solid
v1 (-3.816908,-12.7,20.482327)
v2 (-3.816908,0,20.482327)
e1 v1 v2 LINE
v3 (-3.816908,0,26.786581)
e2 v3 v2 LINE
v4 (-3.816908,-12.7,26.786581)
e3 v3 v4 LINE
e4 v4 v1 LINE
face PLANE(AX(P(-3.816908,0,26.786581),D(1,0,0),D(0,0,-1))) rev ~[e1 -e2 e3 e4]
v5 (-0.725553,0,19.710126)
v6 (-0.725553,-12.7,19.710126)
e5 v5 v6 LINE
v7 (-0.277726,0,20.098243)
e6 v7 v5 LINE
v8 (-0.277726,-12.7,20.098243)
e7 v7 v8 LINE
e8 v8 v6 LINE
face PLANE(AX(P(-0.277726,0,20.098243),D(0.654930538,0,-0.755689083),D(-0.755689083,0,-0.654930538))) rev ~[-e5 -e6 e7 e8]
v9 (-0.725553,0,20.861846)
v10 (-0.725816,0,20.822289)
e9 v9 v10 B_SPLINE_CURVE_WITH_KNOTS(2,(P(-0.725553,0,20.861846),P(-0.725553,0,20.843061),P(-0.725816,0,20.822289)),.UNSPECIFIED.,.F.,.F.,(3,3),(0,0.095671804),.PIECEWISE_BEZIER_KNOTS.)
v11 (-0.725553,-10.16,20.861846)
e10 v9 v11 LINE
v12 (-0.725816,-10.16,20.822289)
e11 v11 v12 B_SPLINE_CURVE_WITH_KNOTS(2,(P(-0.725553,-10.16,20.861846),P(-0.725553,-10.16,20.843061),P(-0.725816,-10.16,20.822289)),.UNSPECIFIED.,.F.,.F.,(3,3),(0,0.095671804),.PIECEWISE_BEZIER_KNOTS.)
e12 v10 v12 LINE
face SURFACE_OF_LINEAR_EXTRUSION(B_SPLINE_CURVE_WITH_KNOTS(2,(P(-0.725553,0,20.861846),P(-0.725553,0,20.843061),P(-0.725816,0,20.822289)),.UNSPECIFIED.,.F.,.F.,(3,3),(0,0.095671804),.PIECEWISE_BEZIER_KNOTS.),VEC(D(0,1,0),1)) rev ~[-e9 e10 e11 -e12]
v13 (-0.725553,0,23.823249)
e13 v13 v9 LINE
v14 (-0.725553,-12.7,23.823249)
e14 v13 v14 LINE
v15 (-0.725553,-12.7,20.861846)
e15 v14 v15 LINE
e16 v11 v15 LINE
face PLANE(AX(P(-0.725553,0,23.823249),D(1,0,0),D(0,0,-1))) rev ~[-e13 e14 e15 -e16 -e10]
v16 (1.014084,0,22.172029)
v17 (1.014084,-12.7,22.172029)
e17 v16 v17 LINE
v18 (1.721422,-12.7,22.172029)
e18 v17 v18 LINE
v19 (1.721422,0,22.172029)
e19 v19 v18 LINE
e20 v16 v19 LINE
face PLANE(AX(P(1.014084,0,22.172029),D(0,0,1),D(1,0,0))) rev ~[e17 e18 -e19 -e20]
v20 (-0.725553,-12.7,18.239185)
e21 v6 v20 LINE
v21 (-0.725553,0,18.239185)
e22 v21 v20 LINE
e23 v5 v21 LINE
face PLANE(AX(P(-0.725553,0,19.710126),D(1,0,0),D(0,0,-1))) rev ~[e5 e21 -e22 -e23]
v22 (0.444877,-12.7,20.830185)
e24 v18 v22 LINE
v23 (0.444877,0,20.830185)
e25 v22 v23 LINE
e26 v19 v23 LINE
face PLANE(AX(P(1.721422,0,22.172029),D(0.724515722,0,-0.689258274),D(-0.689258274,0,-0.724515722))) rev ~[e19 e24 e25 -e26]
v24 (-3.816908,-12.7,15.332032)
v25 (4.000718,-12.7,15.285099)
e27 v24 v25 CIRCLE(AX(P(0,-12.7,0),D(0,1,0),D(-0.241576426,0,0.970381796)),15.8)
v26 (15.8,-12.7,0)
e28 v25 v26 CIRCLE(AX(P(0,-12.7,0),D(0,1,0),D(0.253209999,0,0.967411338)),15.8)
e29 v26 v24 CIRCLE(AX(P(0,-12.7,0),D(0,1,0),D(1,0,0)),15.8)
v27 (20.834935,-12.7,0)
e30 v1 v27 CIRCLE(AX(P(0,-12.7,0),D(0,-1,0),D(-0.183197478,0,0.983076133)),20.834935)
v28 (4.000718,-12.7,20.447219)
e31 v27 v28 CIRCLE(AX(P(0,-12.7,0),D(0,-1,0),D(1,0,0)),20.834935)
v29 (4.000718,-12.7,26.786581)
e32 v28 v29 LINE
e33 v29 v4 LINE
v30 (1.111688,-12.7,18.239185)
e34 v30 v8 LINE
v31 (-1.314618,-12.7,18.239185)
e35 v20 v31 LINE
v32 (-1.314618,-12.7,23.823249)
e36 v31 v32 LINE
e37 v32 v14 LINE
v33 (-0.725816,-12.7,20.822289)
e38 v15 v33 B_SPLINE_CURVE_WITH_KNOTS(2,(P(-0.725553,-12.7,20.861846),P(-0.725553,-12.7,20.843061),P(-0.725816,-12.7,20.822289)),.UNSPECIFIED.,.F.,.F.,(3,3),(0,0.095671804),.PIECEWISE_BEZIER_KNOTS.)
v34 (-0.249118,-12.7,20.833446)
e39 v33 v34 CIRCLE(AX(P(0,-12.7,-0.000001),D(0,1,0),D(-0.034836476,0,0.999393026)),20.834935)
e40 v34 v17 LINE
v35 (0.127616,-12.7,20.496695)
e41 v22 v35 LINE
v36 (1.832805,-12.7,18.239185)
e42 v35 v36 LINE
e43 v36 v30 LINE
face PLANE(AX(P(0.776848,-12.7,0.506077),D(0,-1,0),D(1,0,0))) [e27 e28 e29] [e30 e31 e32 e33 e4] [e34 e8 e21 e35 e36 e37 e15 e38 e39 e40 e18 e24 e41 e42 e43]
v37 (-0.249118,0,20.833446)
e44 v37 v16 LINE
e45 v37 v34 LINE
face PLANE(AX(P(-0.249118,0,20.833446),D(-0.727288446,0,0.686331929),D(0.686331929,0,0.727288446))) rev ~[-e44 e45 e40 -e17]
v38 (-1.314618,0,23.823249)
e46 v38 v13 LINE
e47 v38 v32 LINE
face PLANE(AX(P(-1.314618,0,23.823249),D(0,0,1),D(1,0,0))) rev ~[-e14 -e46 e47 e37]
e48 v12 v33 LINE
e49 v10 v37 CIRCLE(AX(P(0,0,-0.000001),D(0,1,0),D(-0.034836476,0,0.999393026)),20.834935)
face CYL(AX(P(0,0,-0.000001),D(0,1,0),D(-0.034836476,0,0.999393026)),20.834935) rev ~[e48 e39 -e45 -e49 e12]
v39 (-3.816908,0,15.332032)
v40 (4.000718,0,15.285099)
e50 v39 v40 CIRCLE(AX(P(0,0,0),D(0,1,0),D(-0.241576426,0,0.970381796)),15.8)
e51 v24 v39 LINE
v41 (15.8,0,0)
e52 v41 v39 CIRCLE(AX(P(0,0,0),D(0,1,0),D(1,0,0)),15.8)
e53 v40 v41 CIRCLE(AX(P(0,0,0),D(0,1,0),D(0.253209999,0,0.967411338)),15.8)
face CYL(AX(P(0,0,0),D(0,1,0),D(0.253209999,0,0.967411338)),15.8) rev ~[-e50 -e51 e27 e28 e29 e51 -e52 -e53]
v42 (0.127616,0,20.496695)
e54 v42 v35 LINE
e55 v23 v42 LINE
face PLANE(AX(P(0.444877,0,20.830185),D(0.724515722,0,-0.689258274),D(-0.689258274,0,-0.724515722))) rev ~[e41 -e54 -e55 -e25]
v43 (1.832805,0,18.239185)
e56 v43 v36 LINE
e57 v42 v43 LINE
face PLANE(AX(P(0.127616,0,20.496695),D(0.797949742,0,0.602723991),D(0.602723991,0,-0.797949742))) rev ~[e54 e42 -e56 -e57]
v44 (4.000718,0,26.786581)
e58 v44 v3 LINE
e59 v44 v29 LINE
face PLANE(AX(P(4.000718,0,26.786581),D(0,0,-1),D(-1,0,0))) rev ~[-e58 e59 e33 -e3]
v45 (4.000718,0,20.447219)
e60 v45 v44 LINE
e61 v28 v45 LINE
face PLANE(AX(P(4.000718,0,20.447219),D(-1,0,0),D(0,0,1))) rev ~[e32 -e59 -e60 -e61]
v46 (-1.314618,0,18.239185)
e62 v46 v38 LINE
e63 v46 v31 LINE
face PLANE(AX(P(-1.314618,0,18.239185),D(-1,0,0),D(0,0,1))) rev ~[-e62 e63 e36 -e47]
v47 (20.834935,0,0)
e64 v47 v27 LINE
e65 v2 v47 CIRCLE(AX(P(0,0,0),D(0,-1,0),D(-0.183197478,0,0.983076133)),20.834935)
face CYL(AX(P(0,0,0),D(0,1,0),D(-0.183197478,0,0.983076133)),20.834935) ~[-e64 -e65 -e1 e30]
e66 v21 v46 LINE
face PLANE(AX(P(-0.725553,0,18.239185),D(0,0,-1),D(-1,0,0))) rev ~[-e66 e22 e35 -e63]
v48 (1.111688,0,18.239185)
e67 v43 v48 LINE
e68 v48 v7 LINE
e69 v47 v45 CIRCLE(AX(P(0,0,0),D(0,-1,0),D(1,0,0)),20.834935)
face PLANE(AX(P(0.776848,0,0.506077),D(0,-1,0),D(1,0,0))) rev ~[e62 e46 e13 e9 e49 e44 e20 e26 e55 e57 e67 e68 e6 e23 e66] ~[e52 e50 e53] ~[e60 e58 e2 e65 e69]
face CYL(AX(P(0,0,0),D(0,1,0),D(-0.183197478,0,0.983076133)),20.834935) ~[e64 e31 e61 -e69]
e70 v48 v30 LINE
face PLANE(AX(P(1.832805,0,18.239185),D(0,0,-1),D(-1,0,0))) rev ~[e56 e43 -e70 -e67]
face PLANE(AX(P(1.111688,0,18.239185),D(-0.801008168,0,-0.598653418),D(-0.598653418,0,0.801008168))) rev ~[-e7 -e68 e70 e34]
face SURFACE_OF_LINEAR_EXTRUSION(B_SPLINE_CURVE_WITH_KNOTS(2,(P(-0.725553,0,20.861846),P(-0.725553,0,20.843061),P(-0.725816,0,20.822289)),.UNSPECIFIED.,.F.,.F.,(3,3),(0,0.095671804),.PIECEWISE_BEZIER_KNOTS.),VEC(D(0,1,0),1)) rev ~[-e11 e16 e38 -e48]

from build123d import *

# Parameters (mm, degrees)
F1_DEPTH = 10.16
F2_DEPTH = 12.7


with BuildPart() as f1:
    # F0 (on Front) → F1 (new body)
    with BuildSketch(Plane.XZ):
        with BuildLine():
            ThreePointArc((4.0007179822, 15.285099137), (12.5070249084, 9.654756752), (15.8, 0))
            ThreePointArc((15.8, 0), (-9.7296675451, -12.4488380768), (-3.8169075269, 15.332032381))
            Line((-3.8169075269, 15.332032381), (-3.8169075269, 20.4823272433))
            ThreePointArc((-3.8169075269, 20.4823272433), (-13.314831815, -16.0252852116), (20.834934902, 0))
            ThreePointArc((20.834934902, 0), (16.0849185744, 13.2427303388), (4.0007179822, 20.4472190774))
            Line((4.0007179822, 20.4472190774), (4.0007179822, 15.285099137))
        make_face()
        with BuildLine():
            ThreePointArc((-3.8169075269, 15.332032381), (0.0948538519, 15.7997152742), (4.0007179822, 15.285099137))
            Line((4.0007179822, 15.285099137), (4.0007179822, 20.4472190774))
            ThreePointArc((4.0007179822, 20.4472190774), (2.2310298491, 20.7151398302), (0.4448769206, 20.8301847543))
            Line((0.4448769206, 20.8301847543), (0.1276157176, 20.4966947721))
            Line((0.1276157176, 20.4966947721), (1.8328047784, 18.239185214))
            Line((1.8328047784, 18.239185214), (1.1116877884, 18.239185214))
            Line((1.1116877884, 18.239185214), (-0.2777255205, 20.0982431868))
            Line((-0.2777255205, 20.0982431868), (-0.7255529506, 19.7101260807))
            Line((-0.7255529506, 19.7101260807), (-0.7255529506, 18.239185214))
            Line((-0.7255529506, 18.239185214), (-1.3146182626, 18.239185214))
            Line((-1.3146182626, 18.239185214), (-1.3146182626, 20.7934194205))
            ThreePointArc((-1.3146182626, 20.7934194205), (-2.5704734618, 20.6757630707), (-3.8169075269, 20.4823272433))
            Line((-3.8169075269, 20.4823272433), (-3.8169075269, 15.332032381))
        make_face()
        with BuildLine():
            ThreePointArc((0.4448769206, 20.8301847543), (2.2310298491, 20.7151398302), (4.0007179822, 20.4472190774))
            Line((4.0007179822, 20.4472190774), (4.0007179822, 26.7865807325))
            Line((4.0007179822, 26.7865807325), (-3.8169075269, 26.7865807325))
            Line((-3.8169075269, 26.7865807325), (-3.8169075269, 20.4823272433))
            ThreePointArc((-3.8169075269, 20.4823272433), (-2.5704734618, 20.6757630707), (-1.3146182626, 20.7934194205))
            Line((-1.3146182626, 20.7934194205), (-1.3146182626, 23.8232487851))
            Line((-1.3146182626, 23.8232487851), (-0.7255529506, 23.8232487851))
            Line((-0.7255529506, 23.8232487851), (-0.7255529506, 20.861846369))
            add(Edge.make_bspline(
                [(-0.7255529506, 20.861846369), (-0.7255529506, 20.843060722), (-0.7258157075, 20.8222886334)],
                knots=[0, 0, 0, 0.0956718037, 0.0956718037, 0.0956718037], degree=2))
            ThreePointArc((-0.7258157075, 20.8222886334), (-0.4874986739, 20.8292308407), (-0.2491178041, 20.833445531))
            Line((-0.2491178041, 20.833445531), (1.0140843741, 22.172028671))
            Line((1.0140843741, 22.172028671), (1.7214220586, 22.172028671))
            Line((1.7214220586, 22.172028671), (0.4448769206, 20.8301847543))
        make_face()
    extrude(amount=F1_DEPTH)

    # F0 (on Front) → F2 (join)
    with BuildSketch(Plane.XZ):
        with BuildLine():
            ThreePointArc((4.0007179822, 15.285099137), (12.5070249084, 9.654756752), (15.8, 0))
            ThreePointArc((15.8, 0), (-9.7296675451, -12.4488380768), (-3.8169075269, 15.332032381))
            Line((-3.8169075269, 15.332032381), (-3.8169075269, 20.4823272433))
            ThreePointArc((-3.8169075269, 20.4823272433), (-13.314831815, -16.0252852116), (20.834934902, 0))
            ThreePointArc((20.834934902, 0), (16.0849185744, 13.2427303388), (4.0007179822, 20.4472190774))
            Line((4.0007179822, 20.4472190774), (4.0007179822, 15.285099137))
        make_face()
        with BuildLine():
            ThreePointArc((-3.8169075269, 15.332032381), (0.0948538519, 15.7997152742), (4.0007179822, 15.285099137))
            Line((4.0007179822, 15.285099137), (4.0007179822, 20.4472190774))
            ThreePointArc((4.0007179822, 20.4472190774), (2.2310298491, 20.7151398302), (0.4448769206, 20.8301847543))
            Line((0.4448769206, 20.8301847543), (0.1276157176, 20.4966947721))
            Line((0.1276157176, 20.4966947721), (1.8328047784, 18.239185214))
            Line((1.8328047784, 18.239185214), (1.1116877884, 18.239185214))
            Line((1.1116877884, 18.239185214), (-0.2777255205, 20.0982431868))
            Line((-0.2777255205, 20.0982431868), (-0.7255529506, 19.7101260807))
            Line((-0.7255529506, 19.7101260807), (-0.7255529506, 18.239185214))
            Line((-0.7255529506, 18.239185214), (-1.3146182626, 18.239185214))
            Line((-1.3146182626, 18.239185214), (-1.3146182626, 20.7934194205))
            ThreePointArc((-1.3146182626, 20.7934194205), (-2.5704734618, 20.6757630707), (-3.8169075269, 20.4823272433))
            Line((-3.8169075269, 20.4823272433), (-3.8169075269, 15.332032381))
        make_face()
        with BuildLine():
            ThreePointArc((0.4448769206, 20.8301847543), (2.2310298491, 20.7151398302), (4.0007179822, 20.4472190774))
            Line((4.0007179822, 20.4472190774), (4.0007179822, 26.7865807325))
            Line((4.0007179822, 26.7865807325), (-3.8169075269, 26.7865807325))
            Line((-3.8169075269, 26.7865807325), (-3.8169075269, 20.4823272433))
            ThreePointArc((-3.8169075269, 20.4823272433), (-2.5704734618, 20.6757630707), (-1.3146182626, 20.7934194205))
            Line((-1.3146182626, 20.7934194205), (-1.3146182626, 23.8232487851))
            Line((-1.3146182626, 23.8232487851), (-0.7255529506, 23.8232487851))
            Line((-0.7255529506, 23.8232487851), (-0.7255529506, 20.861846369))
            add(Edge.make_bspline(
                [(-0.7255529506, 20.861846369), (-0.7255529506, 20.843060722), (-0.7258157075, 20.8222886334)],
                knots=[0, 0, 0, 0.0956718037, 0.0956718037, 0.0956718037], degree=2))
            ThreePointArc((-0.7258157075, 20.8222886334), (-0.4874986739, 20.8292308407), (-0.2491178041, 20.833445531))
            Line((-0.2491178041, 20.833445531), (1.0140843741, 22.172028671))
            Line((1.0140843741, 22.172028671), (1.7214220586, 22.172028671))
            Line((1.7214220586, 22.172028671), (0.4448769206, 20.8301847543))
        make_face()
    extrude(amount=F2_DEPTH)


solid = f1.part
